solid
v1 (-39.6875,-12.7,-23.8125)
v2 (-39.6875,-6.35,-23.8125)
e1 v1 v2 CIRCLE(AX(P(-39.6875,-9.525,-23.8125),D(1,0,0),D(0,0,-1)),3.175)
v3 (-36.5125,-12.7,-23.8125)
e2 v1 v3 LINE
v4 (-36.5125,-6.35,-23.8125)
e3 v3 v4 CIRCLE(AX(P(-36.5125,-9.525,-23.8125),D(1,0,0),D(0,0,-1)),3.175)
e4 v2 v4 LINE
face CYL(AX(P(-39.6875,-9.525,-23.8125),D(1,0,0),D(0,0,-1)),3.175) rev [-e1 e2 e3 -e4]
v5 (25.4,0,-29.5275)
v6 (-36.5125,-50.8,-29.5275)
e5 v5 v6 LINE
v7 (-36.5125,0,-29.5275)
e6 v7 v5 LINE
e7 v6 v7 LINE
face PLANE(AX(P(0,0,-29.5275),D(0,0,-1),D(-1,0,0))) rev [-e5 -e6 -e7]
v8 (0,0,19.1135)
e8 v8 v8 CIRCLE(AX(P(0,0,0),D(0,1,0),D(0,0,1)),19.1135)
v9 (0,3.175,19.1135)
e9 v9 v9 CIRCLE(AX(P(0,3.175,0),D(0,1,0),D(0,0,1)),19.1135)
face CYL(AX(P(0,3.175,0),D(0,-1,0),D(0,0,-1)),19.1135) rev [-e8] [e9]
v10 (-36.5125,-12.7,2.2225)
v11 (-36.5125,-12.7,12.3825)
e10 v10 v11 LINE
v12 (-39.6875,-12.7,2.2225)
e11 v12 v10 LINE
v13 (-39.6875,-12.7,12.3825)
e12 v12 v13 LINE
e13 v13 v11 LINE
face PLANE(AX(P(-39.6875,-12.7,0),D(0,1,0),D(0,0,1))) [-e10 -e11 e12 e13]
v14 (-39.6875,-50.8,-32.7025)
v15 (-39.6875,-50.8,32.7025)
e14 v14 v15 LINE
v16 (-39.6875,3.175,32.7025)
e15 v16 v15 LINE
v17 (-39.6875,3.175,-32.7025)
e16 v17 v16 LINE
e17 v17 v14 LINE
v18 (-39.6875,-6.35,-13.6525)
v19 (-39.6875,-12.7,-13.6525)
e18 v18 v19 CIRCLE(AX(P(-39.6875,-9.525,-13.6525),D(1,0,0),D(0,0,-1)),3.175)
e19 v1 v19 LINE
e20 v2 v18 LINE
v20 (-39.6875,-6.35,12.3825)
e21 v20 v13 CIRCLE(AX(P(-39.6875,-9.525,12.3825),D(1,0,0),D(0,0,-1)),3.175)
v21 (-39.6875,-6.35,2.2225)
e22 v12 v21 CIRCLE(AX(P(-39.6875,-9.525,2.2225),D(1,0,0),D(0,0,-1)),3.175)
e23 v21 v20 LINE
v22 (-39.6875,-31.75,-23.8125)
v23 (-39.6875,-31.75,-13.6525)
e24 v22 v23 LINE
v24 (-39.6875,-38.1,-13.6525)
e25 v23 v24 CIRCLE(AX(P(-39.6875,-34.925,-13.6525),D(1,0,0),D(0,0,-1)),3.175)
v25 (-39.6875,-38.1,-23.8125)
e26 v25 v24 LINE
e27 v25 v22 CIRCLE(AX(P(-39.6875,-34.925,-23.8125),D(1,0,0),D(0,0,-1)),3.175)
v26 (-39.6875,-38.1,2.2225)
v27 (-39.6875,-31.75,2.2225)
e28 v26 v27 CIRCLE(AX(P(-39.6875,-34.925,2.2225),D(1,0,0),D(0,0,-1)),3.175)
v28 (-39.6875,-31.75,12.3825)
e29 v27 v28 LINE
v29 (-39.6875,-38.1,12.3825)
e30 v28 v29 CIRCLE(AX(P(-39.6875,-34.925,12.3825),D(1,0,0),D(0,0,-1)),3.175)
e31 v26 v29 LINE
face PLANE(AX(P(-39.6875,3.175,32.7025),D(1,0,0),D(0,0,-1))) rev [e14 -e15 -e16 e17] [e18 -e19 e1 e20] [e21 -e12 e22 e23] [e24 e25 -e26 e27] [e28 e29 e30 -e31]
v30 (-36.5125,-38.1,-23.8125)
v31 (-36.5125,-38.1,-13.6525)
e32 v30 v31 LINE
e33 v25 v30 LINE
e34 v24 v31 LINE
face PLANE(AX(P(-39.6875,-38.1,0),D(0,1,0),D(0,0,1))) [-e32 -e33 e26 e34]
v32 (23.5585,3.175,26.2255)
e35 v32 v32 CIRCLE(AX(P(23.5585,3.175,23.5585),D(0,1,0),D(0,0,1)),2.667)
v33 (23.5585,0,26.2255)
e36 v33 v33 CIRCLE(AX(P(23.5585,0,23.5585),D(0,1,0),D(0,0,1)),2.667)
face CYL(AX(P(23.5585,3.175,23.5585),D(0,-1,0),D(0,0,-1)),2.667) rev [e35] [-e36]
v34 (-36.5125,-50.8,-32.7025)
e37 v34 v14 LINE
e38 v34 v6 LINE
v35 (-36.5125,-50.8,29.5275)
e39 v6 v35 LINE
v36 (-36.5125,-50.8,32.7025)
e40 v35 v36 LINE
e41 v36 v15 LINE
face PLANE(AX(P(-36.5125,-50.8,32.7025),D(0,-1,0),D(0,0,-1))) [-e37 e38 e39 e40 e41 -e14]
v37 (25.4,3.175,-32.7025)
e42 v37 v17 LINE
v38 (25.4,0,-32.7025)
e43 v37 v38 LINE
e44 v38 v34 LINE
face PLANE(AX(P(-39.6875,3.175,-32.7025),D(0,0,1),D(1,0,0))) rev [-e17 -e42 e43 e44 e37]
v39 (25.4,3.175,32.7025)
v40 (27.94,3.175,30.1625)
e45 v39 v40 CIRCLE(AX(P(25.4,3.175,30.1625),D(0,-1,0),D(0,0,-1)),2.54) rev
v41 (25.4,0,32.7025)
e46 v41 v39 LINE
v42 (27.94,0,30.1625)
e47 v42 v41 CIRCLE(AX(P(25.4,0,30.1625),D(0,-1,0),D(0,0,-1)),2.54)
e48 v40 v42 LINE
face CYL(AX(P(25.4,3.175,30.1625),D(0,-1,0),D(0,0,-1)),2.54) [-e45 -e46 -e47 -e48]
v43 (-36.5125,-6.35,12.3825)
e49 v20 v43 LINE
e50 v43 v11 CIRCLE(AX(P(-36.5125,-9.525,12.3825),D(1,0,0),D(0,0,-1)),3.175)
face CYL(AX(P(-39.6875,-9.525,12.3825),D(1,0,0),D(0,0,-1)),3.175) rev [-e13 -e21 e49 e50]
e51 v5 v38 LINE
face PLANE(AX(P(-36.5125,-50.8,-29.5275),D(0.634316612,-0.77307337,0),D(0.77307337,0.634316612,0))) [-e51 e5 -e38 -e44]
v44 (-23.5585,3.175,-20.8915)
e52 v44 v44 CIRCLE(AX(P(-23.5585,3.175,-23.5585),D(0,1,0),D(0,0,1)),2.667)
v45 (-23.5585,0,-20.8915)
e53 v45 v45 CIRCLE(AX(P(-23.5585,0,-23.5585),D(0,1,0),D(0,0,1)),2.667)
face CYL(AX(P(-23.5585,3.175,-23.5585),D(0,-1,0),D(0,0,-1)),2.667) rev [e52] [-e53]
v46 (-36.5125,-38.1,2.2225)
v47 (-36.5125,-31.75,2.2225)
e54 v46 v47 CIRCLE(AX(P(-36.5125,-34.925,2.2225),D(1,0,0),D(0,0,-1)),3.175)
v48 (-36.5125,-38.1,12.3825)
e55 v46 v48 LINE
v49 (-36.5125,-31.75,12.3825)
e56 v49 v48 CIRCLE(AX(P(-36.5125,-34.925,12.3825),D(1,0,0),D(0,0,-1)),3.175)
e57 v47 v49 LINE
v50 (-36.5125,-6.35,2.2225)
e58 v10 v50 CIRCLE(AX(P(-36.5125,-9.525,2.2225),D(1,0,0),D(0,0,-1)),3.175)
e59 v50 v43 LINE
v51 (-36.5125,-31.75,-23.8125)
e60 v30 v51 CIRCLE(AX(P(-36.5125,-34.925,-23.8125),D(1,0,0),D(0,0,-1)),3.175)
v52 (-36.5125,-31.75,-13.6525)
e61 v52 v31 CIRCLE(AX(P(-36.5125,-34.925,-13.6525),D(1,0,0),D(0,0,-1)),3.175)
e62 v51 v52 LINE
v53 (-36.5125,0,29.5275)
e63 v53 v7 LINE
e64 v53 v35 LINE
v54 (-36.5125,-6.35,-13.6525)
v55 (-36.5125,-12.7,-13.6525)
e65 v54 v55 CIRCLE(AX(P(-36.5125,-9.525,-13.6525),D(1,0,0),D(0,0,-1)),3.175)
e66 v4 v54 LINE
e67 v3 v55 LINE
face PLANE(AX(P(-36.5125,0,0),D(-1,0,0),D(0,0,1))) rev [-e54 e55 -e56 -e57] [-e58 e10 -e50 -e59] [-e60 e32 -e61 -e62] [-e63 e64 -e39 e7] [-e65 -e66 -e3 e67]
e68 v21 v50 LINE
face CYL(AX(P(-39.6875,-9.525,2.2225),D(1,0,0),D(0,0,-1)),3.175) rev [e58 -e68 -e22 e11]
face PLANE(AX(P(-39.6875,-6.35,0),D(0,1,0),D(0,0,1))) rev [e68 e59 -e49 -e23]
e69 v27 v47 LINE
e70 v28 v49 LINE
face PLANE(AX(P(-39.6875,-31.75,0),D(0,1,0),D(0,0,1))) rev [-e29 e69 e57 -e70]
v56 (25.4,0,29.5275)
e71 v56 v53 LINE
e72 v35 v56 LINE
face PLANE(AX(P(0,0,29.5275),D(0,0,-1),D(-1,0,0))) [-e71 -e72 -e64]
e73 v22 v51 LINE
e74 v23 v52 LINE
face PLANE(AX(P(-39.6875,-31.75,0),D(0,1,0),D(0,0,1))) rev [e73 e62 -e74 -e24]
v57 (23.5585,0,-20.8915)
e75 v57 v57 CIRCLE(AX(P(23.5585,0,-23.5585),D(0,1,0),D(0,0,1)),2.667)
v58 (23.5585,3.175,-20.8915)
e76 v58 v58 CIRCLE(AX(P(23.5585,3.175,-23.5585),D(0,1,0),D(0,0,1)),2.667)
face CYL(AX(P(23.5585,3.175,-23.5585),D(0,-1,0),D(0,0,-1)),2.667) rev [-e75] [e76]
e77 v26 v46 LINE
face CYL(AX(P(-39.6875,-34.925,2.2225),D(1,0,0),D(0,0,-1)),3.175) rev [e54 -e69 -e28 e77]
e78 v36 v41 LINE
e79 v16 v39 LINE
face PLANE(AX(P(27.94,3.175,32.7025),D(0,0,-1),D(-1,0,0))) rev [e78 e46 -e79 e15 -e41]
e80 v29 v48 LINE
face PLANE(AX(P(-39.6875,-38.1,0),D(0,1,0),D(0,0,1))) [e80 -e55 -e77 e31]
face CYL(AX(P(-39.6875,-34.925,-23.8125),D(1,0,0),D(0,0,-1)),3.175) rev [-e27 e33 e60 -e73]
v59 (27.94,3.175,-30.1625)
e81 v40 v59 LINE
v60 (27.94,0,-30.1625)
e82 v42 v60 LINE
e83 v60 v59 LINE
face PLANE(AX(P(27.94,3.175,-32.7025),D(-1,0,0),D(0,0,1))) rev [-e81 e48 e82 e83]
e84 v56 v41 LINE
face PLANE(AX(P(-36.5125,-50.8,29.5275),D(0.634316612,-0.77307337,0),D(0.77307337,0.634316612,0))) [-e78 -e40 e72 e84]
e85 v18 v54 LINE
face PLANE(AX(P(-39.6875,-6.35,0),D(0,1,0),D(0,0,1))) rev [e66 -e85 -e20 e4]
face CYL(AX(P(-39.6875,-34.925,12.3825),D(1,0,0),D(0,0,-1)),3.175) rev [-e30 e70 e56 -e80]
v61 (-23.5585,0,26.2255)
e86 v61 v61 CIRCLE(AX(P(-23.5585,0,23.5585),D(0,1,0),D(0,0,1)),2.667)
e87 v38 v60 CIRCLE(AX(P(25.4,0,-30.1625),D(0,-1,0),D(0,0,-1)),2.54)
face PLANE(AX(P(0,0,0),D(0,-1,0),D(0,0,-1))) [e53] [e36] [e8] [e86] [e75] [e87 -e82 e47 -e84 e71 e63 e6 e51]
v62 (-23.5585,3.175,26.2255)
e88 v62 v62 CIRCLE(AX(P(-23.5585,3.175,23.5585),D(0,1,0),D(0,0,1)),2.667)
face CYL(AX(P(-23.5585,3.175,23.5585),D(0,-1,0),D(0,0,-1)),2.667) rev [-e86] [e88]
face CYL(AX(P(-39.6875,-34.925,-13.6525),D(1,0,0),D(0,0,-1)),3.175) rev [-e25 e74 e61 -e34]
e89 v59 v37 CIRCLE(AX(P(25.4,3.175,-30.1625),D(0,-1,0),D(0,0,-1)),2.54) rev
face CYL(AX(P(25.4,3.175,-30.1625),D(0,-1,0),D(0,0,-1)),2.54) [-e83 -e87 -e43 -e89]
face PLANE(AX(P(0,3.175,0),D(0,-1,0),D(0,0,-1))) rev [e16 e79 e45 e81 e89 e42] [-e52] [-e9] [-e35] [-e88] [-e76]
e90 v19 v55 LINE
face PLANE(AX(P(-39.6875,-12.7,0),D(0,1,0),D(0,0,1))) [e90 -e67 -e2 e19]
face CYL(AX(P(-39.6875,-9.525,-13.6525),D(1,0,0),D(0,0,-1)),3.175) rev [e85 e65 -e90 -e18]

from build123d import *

# Parameters (mm, degrees)
SKETCH1_W           = 67.6275
SKETCH1_H           = 65.405
SKETCH1_R           = 19.1135
SKETCH1_R_2         = 2.667
BOSS_EXTRUDE1_DEPTH = 3.175
FILLET1_R           = 2.54
SKETCH2_W           = 65.405
SKETCH2_H           = 50.8
BOSS_EXTRUDE2_DEPTH = 3.175
BOSS_EXTRUDE5_DEPTH = 3.175
BOSS_EXTRUDE6_DEPTH = 3.175
SKETCH9_R           = 3.175
CUT_EXTRUDE1_DEPTH  = 3.175


with BuildPart() as part:
    # Sketch1 → Boss-Extrude1 (new body)
    with BuildSketch(Plane(origin=(0, 0, 0), x_dir=(1, 0, 0), z_dir=(0, 1, 0))):
        with Locations((-5.87375, 0)):
            Rectangle(SKETCH1_W, SKETCH1_H)
        with Locations(Location((0, 0, 0), (0, 0, 270))):
            Circle(SKETCH1_R, mode=Mode.SUBTRACT)
        with Locations(Location((-23.5585, 23.5585, 0), (0, 0, 270))):
            Circle(SKETCH1_R_2, mode=Mode.SUBTRACT)
        with Locations(Location((23.5585, 23.5585, 0), (0, 0, 270))):
            Circle(SKETCH1_R_2, mode=Mode.SUBTRACT)
        with Locations(Location((-23.5585, -23.5585, 0), (0, 0, 270))):
            Circle(SKETCH1_R_2, mode=Mode.SUBTRACT)
        with Locations(Location((23.5585, -23.5585, 0), (0, 0, 270))):
            Circle(SKETCH1_R_2, mode=Mode.SUBTRACT)
    extrude(amount=BOSS_EXTRUDE1_DEPTH)

    # Fillet1
    fillet1_edges = [part.edges().sort_by_distance(p)[0] for p in [
        (27.94, 1.5875, -32.7025),
        (27.94, 1.5875, 32.7025),
    ]]
    fillet(fillet1_edges, radius=FILLET1_R)

    # Sketch2 → Boss-Extrude2 (add)
    with BuildSketch(Plane.ZY.offset(39.6875)):
        with Locations((0, -25.4)):
            Rectangle(SKETCH2_W, SKETCH2_H)
    extrude(amount=-BOSS_EXTRUDE2_DEPTH)

    # Sketch7 → Boss-Extrude5 (add)
    with BuildSketch(Plane.XY.offset(32.7025)):
        Polygon((-36.5125, -50.8), (25.4, 0), (-36.5125, 0), align=None)
    extrude(amount=-BOSS_EXTRUDE5_DEPTH)

    # Sketch8 → Boss-Extrude6 (add)
    with BuildSketch(Plane(origin=(0, 0, -32.7025), x_dir=(-1, 0, 0), z_dir=(0, 0, -1))):
        Polygon((-25.4, 0), (36.5125, 0), (36.5125, -50.8), align=None)
    extrude(amount=-BOSS_EXTRUDE6_DEPTH)

    # Sketch9 → Cut-Extrude1 (cut)
    with BuildSketch(Plane(origin=(-36.5125, 0, 0), x_dir=(0, 0, -1), z_dir=(1, 0, 0))):
        with BuildLine():
            ThreePointArc((-2.2225, -12.7), (-5.3975, -9.525), (-2.2225, -6.35))
            Line((-2.2225, -6.35), (-12.3825, -6.35))
            ThreePointArc((-12.3825, -6.35), (-10.13743597, -7.27993597), (-9.2075, -9.525))
            ThreePointArc((-9.2075, -9.525), (-10.13743597, -11.77006403), (-12.3825, -12.7))
            Line((-12.3825, -12.7), (-2.2225, -12.7))
        make_face()
        with Locations((-2.2225, -9.525)):
            Circle(SKETCH9_R)
        with Locations((-12.3825, -9.525)):
            Circle(SKETCH9_R)
        with BuildLine():
            ThreePointArc((23.8125, -12.7), (20.6375, -9.525), (23.8125, -6.35))
            Line((23.8125, -6.35), (13.6525, -6.35))
            ThreePointArc((13.6525, -6.35), (15.89756403, -7.27993597), (16.8275, -9.525))
            ThreePointArc((16.8275, -9.525), (15.89756403, -11.77006403), (13.6525, -12.7))
            Line((13.6525, -12.7), (23.8125, -12.7))
        make_face()
        with Locations((13.6525, -9.525)):
            Circle(SKETCH9_R)
        with Locations((23.8125, -9.525)):
            Circle(SKETCH9_R)
        with Locations((23.8125, -34.925)):
            Circle(SKETCH9_R)
        with BuildLine():
            Line((13.6525, -38.1), (23.8125, -38.1))
            ThreePointArc((23.8125, -38.1), (20.6375, -34.925), (23.8125, -31.75))
            Line((23.8125, -31.75), (13.6525, -31.75))
            ThreePointArc((13.6525, -31.75), (15.89756403, -32.67993597), (16.8275, -34.925))
            ThreePointArc((16.8275, -34.925), (15.89756403, -37.17006403), (13.6525, -38.1))
        make_face()
        with Locations((13.6525, -34.925)):
            Circle(SKETCH9_R)
        with Locations((-2.2225, -34.925)):
            Circle(SKETCH9_R)
        with BuildLine():
            ThreePointArc((-2.2225, -38.1), (-5.3975, -34.925), (-2.2225, -31.75))
            Line((-2.2225, -31.75), (-12.3825, -31.75))
            ThreePointArc((-12.3825, -31.75), (-10.13743597, -32.67993597), (-9.2075, -34.925))
            ThreePointArc((-9.2075, -34.925), (-10.13743597, -37.17006403), (-12.3825, -38.1))
            Line((-12.3825, -38.1), (-2.2225, -38.1))
        make_face()
        with Locations((-12.3825, -34.925)):
            Circle(SKETCH9_R)
    extrude(amount=-CUT_EXTRUDE1_DEPTH, mode=Mode.SUBTRACT)


solid = part.part
